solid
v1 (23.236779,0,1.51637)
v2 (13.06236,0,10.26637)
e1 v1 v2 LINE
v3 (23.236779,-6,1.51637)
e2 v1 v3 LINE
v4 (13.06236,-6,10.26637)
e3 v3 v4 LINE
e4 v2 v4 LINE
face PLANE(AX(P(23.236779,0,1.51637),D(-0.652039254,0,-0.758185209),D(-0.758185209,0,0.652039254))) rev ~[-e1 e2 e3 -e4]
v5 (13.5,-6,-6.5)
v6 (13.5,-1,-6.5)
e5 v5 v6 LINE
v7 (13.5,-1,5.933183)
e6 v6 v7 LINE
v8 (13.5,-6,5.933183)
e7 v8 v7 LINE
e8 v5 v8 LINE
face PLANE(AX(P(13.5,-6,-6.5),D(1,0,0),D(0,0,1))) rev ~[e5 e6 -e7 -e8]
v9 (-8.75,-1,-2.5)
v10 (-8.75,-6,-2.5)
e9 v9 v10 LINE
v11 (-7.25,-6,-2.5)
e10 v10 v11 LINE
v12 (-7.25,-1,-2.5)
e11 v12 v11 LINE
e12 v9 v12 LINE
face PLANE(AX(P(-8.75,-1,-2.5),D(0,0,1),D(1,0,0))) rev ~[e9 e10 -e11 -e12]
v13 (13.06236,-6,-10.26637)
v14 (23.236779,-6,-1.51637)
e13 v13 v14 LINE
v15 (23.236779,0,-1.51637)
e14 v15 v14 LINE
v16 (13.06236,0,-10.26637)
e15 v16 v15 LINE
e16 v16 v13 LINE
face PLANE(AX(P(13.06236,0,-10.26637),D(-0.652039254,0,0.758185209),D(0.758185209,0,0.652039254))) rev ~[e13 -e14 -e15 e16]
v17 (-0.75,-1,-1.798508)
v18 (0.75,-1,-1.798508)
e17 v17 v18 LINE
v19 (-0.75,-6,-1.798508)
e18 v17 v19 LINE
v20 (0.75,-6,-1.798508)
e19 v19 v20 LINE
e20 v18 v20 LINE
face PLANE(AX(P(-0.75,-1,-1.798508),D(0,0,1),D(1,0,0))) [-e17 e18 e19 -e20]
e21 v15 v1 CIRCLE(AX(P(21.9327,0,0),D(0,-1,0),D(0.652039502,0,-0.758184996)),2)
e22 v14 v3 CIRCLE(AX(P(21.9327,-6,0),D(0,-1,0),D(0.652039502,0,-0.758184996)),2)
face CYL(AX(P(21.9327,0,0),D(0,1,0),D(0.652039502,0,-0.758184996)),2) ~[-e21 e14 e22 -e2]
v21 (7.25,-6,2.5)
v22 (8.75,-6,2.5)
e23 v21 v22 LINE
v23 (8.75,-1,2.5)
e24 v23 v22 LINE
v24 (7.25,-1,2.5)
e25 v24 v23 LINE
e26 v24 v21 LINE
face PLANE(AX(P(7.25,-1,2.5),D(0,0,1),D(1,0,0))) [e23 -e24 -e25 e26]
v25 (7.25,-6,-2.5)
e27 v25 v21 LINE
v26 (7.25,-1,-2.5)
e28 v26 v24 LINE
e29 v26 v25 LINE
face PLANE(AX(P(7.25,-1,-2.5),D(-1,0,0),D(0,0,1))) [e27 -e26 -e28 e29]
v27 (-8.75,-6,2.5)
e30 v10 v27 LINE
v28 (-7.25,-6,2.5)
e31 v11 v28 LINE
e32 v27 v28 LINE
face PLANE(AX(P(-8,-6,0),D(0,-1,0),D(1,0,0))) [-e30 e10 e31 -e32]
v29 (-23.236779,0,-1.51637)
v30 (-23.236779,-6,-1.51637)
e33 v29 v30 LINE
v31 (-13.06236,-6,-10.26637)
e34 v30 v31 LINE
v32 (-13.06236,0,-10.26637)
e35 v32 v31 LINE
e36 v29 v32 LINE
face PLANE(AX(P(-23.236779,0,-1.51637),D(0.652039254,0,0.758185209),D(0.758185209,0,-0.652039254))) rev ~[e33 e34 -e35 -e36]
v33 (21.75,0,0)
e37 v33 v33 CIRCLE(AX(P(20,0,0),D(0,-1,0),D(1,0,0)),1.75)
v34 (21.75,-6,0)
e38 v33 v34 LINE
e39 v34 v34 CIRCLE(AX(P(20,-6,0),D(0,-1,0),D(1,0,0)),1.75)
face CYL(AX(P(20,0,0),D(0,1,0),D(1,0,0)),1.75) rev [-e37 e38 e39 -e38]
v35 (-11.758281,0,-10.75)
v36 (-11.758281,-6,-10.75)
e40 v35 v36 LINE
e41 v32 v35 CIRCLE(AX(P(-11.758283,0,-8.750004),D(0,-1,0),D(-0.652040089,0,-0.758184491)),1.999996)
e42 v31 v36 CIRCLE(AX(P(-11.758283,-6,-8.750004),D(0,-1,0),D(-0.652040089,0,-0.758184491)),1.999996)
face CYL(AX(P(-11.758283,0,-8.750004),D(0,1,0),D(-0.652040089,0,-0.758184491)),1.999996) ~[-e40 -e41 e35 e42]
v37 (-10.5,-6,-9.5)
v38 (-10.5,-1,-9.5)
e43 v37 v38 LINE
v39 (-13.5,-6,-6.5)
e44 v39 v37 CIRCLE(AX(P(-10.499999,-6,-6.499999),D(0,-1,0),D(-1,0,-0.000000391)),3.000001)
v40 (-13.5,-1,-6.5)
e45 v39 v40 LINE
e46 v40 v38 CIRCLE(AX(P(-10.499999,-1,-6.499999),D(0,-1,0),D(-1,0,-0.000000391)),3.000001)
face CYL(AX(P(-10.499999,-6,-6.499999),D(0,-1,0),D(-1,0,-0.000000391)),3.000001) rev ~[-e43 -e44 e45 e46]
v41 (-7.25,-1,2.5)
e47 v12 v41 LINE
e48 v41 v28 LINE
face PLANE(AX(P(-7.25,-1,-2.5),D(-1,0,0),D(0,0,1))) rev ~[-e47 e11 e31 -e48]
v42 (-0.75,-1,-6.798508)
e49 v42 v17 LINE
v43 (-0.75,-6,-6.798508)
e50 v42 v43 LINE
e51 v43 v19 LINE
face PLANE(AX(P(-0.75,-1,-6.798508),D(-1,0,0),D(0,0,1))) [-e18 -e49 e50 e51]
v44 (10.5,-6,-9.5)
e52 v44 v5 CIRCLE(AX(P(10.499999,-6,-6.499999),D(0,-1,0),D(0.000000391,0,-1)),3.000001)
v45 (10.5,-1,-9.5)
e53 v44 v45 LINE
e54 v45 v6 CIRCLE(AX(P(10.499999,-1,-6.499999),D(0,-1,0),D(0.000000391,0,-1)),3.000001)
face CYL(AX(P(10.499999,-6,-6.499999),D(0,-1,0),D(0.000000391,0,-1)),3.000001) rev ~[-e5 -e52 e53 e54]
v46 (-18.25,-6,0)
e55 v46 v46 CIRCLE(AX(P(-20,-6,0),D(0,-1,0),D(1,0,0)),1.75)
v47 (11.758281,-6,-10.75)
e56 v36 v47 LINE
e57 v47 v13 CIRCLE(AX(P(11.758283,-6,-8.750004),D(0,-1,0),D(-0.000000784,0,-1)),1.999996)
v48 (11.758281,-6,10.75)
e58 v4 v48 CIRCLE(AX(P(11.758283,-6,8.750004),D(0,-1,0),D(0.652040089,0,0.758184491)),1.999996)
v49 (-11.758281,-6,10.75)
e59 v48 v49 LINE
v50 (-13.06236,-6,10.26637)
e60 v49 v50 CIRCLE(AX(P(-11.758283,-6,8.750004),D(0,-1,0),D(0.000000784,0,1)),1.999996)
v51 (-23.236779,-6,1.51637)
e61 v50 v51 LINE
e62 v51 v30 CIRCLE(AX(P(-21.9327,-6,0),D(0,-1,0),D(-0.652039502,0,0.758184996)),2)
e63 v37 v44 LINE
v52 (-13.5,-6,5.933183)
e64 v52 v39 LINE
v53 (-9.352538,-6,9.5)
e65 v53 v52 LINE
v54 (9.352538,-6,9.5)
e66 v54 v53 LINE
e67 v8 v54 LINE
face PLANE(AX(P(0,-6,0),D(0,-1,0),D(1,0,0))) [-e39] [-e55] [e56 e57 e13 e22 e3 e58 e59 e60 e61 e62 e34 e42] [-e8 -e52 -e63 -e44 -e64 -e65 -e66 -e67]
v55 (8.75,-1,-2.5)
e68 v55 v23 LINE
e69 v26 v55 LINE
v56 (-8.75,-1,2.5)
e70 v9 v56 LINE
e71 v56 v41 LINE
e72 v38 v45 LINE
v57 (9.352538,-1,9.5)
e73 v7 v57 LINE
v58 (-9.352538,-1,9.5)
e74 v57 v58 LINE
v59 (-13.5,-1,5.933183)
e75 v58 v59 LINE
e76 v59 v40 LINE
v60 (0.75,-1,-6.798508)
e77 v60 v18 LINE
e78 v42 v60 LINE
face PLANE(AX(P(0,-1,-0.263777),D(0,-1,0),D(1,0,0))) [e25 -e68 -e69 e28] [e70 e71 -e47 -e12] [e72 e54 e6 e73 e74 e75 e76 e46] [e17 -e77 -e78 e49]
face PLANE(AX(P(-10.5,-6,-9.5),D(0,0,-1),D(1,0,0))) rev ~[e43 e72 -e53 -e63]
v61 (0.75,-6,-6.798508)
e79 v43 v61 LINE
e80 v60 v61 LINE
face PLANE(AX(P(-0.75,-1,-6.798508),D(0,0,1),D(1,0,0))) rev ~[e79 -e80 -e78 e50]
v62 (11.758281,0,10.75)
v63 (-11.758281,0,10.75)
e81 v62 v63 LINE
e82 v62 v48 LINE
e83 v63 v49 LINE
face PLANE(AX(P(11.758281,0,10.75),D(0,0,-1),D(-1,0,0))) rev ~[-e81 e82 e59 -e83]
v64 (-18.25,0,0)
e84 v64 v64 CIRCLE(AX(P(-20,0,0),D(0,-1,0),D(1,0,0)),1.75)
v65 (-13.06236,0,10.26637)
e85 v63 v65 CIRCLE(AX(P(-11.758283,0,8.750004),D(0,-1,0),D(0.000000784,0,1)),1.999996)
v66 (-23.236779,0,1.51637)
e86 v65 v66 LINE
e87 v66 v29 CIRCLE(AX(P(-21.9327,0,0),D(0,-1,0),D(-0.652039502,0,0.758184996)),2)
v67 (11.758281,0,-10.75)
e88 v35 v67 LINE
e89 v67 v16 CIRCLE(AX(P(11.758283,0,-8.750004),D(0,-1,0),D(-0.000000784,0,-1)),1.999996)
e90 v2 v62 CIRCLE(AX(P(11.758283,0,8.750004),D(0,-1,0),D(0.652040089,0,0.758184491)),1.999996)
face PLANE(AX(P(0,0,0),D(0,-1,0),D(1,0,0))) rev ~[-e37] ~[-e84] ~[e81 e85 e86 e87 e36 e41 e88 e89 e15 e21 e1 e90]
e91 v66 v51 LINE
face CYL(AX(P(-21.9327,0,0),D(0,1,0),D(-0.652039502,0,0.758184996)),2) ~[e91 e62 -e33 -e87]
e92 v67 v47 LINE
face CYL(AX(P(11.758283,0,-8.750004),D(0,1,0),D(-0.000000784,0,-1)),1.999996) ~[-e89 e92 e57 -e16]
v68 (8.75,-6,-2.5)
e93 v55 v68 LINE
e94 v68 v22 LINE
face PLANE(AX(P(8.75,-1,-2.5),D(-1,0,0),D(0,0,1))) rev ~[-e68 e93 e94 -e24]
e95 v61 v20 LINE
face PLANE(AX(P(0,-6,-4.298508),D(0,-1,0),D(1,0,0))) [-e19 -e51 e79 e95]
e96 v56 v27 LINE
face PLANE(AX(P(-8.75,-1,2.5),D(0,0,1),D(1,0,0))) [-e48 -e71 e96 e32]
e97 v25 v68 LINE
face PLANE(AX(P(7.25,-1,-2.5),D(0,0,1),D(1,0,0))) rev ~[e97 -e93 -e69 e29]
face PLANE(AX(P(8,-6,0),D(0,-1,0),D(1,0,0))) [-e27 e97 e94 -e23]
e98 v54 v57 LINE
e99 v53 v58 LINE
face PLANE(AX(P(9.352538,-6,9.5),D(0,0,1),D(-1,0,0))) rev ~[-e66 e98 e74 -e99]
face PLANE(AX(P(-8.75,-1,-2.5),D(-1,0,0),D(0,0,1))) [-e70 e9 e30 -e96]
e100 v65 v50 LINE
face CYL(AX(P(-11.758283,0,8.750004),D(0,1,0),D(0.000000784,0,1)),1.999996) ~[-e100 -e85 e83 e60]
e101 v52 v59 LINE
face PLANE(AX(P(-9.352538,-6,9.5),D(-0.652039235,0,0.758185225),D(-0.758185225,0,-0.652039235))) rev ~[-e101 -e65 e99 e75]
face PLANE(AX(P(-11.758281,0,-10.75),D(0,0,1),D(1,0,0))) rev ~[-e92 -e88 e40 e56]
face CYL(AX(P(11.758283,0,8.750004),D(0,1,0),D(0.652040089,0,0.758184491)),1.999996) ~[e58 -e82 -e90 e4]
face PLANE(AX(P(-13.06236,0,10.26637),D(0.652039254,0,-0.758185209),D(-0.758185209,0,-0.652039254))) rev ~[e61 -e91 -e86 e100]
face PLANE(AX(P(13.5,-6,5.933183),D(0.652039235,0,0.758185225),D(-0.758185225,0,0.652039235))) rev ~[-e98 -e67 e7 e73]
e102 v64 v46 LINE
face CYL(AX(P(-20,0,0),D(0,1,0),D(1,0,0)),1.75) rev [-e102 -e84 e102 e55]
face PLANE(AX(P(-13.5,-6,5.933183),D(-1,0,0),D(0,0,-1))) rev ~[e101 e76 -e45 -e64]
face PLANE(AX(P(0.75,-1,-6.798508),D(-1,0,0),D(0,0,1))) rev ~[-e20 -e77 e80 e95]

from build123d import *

# Parameters (mm, degrees)
F0_R     = 1.75
F1_DEPTH = 6
F3_DEPTH = 5
F4_W     = 1.5
F4_H     = 5
F5_DEPTH = 5


with BuildPart() as f1:
    # F0 (on Front) → F1 (new body)
    with BuildSketch(Plane.XZ):
        with BuildLine():
            Line((23.236779, 1.51637), (13.06236, 10.26637))
            ThreePointArc((13.06236, 10.26637), (12.453716, 10.625199), (11.758281, 10.75))
            Line((11.758281, 10.75), (0, 10.75))
            Line((0, 10.75), (-11.758281, 10.75))
            ThreePointArc((-11.758281, 10.75), (-12.453716, 10.625199), (-13.06236, 10.26637))
            Line((-13.06236, 10.26637), (-23.236779, 1.51637))
            ThreePointArc((-23.236779, 1.51637), (-23.9327, 0), (-23.236779, -1.51637))
            Line((-23.236779, -1.51637), (-13.06236, -10.26637))
            ThreePointArc((-13.06236, -10.26637), (-12.453716, -10.625199), (-11.758281, -10.75))
            Line((-11.758281, -10.75), (0, -10.75))
            Line((0, -10.75), (11.758281, -10.75))
            ThreePointArc((11.758281, -10.75), (12.453716, -10.625199), (13.06236, -10.26637))
            Line((13.06236, -10.26637), (23.236779, -1.51637))
            ThreePointArc((23.236779, -1.51637), (23.9327, 0), (23.236779, 1.51637))
        make_face()
        with Locations((-20, 0)):
            Circle(F0_R, mode=Mode.SUBTRACT)
        with Locations((20, 0)):
            Circle(F0_R, mode=Mode.SUBTRACT)
    extrude(amount=F1_DEPTH)

    # F2 (on face) → F3 (cut)
    with BuildSketch(Plane.XZ.offset(6)):
        with BuildLine():
            Line((-13.5, 5.933183), (-13.5, -6.5))
            ThreePointArc((-13.5, -6.5), (-12.62132, -8.62132), (-10.5, -9.5))
            Line((-10.5, -9.5), (10.5, -9.5))
            ThreePointArc((10.5, -9.5), (12.62132, -8.62132), (13.5, -6.5))
            Line((13.5, -6.5), (13.5, 5.933183))
            Line((13.5, 5.933183), (9.352538, 9.5))
            Line((9.352538, 9.5), (-9.352538, 9.5))
            Line((-9.352538, 9.5), (-13.5, 5.933183))
        make_face()
    extrude(amount=-F3_DEPTH, mode=Mode.SUBTRACT)

    # F4 (on face) → F5 (join)
    with BuildSketch(Plane.XZ.offset(1)):
        with Locations((0, -4.298508)):
            Rectangle(F4_W, F4_H)
        with Locations((-8, 0)):
            Rectangle(F4_W, F4_H)
        with Locations((8, 0)):
            Rectangle(F4_W, F4_H)
    extrude(amount=F5_DEPTH)


solid = f1.part
